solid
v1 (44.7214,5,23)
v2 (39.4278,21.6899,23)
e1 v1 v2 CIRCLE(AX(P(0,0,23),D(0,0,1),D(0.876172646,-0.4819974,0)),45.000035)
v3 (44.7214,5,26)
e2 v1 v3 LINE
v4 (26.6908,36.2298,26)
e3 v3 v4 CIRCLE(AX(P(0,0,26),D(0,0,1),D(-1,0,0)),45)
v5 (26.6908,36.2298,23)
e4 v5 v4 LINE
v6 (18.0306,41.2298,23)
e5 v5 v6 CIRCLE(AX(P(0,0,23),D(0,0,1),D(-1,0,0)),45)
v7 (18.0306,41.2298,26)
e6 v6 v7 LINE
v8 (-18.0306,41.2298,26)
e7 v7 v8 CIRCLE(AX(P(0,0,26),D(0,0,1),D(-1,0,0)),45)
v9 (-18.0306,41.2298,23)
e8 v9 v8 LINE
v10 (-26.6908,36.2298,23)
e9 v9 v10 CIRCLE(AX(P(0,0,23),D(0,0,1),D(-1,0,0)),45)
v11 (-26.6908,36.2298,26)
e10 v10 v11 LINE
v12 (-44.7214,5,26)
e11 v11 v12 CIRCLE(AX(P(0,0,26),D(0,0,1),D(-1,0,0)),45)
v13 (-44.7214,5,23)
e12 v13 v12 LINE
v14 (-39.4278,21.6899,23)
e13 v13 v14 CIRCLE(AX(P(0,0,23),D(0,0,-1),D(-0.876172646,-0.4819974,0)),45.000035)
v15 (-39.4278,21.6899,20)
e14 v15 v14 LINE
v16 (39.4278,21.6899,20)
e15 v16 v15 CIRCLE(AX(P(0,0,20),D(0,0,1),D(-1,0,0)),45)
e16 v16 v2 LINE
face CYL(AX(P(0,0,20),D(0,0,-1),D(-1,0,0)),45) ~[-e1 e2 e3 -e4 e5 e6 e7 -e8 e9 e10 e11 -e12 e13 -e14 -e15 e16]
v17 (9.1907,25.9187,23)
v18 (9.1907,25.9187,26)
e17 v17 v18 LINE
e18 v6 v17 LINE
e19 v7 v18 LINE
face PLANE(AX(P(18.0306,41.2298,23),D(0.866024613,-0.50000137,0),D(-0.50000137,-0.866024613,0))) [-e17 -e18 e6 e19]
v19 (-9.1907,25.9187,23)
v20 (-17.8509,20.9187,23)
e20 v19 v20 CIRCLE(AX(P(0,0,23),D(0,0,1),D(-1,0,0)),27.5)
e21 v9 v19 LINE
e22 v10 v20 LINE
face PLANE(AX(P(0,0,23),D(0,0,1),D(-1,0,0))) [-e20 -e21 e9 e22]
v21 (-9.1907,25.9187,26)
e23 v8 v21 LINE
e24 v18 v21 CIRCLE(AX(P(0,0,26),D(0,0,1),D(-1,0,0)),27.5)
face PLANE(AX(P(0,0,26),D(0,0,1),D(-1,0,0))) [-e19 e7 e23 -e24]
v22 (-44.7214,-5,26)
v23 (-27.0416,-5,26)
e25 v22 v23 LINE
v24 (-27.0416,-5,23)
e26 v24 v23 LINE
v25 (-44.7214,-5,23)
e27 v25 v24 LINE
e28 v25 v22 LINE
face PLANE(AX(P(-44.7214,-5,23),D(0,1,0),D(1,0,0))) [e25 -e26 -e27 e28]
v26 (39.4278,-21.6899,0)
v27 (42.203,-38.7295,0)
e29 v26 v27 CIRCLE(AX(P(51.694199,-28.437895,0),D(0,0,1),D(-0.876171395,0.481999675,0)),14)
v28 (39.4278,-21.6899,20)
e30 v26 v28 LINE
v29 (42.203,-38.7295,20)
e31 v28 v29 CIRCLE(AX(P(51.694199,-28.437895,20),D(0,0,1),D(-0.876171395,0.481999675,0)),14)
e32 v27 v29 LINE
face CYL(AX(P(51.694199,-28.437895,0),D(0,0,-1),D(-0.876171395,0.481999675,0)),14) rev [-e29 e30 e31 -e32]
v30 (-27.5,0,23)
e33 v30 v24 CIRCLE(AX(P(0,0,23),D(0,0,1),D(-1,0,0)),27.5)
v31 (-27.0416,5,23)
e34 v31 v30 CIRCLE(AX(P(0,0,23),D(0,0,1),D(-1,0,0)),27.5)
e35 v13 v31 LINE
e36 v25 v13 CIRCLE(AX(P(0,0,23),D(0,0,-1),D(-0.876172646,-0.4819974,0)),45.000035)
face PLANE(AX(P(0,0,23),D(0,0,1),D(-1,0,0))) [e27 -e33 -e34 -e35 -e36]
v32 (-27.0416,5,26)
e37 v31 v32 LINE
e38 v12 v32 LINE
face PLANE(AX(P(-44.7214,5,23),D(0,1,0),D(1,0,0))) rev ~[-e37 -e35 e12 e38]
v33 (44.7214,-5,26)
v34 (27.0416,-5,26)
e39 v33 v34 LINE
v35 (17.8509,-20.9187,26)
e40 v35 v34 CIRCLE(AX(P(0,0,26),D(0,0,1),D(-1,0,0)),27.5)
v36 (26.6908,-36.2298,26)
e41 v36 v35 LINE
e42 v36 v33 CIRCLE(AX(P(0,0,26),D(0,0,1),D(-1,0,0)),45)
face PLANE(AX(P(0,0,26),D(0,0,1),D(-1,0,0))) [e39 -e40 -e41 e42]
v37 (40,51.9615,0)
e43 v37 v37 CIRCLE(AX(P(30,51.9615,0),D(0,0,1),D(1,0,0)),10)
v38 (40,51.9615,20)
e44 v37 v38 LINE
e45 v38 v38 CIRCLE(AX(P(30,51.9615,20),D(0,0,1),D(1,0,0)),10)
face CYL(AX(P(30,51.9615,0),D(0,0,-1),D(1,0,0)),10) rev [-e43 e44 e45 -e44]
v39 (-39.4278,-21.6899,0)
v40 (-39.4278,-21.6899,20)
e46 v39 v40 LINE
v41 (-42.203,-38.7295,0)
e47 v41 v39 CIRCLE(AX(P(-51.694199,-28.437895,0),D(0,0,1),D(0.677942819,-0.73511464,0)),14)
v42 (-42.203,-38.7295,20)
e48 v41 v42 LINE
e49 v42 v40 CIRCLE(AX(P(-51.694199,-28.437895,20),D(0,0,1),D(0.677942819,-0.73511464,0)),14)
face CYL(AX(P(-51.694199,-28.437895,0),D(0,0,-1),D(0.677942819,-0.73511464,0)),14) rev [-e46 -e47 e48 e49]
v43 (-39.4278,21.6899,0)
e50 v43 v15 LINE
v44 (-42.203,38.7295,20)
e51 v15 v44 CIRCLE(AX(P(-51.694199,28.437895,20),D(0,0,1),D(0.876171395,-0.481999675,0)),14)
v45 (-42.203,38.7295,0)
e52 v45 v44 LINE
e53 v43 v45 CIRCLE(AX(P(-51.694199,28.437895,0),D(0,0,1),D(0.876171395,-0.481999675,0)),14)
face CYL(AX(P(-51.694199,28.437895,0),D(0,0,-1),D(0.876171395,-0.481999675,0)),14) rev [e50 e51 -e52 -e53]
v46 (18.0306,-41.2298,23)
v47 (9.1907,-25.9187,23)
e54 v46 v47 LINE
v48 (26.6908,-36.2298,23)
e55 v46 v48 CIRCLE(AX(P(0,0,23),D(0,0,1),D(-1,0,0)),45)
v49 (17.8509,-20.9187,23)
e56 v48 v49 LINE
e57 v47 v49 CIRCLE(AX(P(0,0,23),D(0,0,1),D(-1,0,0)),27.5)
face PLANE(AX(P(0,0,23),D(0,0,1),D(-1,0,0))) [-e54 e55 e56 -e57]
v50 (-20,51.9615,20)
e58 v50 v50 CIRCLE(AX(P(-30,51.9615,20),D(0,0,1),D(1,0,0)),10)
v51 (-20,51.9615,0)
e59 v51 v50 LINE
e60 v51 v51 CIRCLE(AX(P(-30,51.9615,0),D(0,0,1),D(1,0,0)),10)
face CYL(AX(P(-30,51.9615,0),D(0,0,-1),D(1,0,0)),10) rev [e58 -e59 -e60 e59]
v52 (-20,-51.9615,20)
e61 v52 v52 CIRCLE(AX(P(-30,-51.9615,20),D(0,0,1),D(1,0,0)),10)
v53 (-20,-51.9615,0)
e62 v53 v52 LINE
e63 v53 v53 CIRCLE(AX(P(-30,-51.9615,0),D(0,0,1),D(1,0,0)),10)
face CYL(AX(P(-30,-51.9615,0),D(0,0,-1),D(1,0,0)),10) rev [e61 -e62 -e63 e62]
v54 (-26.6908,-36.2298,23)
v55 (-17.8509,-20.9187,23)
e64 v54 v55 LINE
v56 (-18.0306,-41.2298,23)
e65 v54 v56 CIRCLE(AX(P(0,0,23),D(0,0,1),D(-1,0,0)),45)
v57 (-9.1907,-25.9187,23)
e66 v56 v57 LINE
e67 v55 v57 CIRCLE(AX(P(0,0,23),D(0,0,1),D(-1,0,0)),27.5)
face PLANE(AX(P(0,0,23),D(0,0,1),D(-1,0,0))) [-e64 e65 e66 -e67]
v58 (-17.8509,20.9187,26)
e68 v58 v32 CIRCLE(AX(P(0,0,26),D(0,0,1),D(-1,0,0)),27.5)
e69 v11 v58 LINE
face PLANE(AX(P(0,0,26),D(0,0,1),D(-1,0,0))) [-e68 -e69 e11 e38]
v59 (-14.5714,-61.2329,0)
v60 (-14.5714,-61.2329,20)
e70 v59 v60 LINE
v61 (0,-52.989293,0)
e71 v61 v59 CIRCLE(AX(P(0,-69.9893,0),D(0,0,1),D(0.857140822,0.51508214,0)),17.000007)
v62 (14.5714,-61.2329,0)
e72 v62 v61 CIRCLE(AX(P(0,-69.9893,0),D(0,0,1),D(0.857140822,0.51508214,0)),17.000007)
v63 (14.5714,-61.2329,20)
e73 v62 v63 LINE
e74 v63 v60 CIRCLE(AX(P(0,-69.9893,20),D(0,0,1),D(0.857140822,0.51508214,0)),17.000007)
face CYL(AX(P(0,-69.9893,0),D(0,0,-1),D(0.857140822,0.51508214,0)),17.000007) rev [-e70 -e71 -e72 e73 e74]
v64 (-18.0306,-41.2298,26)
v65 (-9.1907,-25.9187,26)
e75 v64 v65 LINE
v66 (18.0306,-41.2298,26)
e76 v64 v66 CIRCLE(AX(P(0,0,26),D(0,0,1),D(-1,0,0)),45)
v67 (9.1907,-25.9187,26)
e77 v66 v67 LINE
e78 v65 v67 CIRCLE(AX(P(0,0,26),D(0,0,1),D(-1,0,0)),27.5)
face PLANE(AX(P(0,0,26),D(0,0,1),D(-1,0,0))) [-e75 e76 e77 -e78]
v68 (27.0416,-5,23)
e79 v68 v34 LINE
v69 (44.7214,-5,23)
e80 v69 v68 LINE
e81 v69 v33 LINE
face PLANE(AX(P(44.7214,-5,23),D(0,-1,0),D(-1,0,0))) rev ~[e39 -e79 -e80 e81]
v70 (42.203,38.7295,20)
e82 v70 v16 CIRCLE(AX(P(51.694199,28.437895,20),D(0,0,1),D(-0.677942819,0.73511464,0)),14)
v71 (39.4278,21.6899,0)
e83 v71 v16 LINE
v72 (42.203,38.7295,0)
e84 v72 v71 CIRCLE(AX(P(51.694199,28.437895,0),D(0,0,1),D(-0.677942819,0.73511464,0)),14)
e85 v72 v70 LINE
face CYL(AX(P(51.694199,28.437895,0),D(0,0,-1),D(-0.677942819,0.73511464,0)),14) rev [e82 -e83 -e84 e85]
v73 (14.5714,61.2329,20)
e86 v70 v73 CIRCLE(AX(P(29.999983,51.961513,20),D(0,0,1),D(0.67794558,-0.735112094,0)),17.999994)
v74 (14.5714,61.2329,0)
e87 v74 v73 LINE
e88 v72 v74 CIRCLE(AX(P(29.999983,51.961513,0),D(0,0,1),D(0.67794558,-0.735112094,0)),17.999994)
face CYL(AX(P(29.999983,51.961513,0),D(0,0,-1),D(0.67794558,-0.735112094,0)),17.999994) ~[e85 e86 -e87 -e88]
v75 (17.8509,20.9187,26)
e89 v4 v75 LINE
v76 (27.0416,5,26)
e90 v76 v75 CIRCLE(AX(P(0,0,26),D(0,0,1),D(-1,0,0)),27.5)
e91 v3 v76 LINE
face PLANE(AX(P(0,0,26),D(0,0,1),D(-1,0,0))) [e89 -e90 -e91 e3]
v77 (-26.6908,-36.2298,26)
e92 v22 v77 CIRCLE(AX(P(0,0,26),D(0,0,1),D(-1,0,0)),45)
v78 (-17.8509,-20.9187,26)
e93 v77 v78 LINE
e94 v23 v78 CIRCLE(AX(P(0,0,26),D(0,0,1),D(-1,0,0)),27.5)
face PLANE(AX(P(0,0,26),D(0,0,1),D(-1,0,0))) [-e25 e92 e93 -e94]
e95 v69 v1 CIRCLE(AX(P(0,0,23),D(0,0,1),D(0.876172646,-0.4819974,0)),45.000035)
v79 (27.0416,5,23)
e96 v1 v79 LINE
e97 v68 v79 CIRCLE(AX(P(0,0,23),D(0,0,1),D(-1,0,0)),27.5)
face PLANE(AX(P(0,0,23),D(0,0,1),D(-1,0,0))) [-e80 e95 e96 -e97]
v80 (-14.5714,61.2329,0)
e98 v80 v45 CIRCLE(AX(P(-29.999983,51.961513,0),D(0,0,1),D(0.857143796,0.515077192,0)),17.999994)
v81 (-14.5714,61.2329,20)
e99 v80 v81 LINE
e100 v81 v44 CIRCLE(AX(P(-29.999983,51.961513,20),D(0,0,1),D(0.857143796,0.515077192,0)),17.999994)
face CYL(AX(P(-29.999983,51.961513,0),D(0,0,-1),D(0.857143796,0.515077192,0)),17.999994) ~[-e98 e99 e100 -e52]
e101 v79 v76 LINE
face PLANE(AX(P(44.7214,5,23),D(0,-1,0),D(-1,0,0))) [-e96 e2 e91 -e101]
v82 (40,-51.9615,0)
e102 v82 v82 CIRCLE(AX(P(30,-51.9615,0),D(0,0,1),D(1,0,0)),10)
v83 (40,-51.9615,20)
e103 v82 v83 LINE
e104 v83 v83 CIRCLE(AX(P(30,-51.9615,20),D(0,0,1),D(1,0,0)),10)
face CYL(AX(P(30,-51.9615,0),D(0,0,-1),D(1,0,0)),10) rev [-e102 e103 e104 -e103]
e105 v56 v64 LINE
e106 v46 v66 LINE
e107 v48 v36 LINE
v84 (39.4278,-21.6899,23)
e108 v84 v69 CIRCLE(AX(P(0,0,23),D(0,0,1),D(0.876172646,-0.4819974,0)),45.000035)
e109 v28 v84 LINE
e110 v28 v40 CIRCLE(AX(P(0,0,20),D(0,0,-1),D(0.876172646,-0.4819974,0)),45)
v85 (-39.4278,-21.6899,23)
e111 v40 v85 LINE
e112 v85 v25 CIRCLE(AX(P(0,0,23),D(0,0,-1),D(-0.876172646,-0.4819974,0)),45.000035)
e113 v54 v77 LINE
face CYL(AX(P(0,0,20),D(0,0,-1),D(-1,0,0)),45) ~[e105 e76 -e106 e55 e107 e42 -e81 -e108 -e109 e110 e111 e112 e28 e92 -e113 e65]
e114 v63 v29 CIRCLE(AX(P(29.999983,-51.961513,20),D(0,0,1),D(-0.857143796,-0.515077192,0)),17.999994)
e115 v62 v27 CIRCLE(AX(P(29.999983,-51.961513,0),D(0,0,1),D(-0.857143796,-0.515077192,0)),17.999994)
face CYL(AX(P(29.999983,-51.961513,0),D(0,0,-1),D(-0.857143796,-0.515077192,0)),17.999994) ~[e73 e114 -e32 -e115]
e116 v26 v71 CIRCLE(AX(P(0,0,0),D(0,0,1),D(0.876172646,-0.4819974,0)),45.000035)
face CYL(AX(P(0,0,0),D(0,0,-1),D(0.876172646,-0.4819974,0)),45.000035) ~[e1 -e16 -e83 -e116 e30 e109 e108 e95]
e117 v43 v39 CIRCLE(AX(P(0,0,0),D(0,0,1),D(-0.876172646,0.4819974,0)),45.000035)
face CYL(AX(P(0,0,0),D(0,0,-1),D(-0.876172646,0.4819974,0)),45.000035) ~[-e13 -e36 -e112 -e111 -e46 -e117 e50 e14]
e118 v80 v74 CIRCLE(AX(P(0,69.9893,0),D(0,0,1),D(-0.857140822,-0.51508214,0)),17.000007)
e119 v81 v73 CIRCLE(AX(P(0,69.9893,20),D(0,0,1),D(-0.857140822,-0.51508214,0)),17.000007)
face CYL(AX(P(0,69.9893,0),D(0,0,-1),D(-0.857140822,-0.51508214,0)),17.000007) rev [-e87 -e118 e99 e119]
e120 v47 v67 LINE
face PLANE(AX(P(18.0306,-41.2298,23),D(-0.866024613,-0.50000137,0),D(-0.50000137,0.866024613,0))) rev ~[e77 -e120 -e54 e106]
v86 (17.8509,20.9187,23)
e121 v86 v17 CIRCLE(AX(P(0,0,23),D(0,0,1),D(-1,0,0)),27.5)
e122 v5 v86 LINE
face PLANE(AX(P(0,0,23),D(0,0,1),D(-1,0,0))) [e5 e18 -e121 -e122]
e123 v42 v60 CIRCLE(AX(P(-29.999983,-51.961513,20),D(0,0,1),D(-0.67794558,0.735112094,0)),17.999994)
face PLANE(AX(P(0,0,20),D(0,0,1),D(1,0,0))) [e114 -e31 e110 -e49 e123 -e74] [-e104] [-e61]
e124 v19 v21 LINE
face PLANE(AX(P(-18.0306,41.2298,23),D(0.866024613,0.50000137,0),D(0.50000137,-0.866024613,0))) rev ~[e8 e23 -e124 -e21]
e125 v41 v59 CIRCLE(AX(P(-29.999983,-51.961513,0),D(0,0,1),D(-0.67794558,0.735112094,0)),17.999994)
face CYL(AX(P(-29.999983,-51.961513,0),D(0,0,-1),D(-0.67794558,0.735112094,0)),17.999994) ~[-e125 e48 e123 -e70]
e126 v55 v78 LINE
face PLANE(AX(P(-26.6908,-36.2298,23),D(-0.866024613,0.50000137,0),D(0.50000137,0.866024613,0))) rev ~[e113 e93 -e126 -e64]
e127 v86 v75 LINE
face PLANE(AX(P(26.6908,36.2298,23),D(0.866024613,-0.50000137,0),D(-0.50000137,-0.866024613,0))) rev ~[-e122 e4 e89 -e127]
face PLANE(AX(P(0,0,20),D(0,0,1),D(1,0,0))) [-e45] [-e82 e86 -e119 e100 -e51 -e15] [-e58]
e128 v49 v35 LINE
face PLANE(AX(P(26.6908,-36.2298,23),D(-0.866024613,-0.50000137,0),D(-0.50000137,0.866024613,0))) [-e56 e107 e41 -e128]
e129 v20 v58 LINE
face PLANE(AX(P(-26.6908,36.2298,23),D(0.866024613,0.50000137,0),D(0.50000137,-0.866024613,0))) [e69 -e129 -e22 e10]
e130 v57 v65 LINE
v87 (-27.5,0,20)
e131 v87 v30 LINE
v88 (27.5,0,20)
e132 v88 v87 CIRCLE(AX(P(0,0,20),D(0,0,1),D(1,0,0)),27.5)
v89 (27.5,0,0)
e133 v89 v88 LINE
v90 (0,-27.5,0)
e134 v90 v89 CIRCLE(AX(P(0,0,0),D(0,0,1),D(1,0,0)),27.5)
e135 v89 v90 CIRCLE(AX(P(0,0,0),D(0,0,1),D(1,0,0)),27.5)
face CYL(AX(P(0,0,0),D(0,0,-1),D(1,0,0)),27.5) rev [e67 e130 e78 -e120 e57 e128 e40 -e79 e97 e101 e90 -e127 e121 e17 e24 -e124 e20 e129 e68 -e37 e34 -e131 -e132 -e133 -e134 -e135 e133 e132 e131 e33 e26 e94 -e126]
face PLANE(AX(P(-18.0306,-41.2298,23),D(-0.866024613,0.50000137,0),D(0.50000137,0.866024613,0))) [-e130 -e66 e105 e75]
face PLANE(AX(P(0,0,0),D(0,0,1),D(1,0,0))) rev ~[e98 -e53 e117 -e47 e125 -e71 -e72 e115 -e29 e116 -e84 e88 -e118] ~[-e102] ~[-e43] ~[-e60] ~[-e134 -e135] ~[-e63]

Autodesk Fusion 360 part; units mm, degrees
sketch "Sketch1" plane through (0, 0, 0) normal (0, 0, 1) x (1, 0, 0)
  circle A0 centre (0, 0) radius 27.5
  circle A1 centre (30, -51.9615) radius 10
  line L0 (0, 0) -> (0, -67.6601)
  line L1 (0, 0) -> (30, -51.9615) construction
  line L2 (0, 0) -> (10.1597, -17.5971) construction
  line L3 (0, 0) -> (20.3193, 0) construction
  arc A2 (39.4278, -21.6899) -> (42.203, -38.7295) centre (51.6942, -28.4379) ccw
  arc A3 (14.5714, -61.2329) -> (42.203, -38.7295) centre (30, -51.9615) ccw
  circle A4 centre (-30, -51.9615) radius 10
  arc A5 (-42.203, -38.7295) -> (-39.4278, -21.6899) centre (-51.6942, -28.4379) ccw
  arc A6 (14.5714, -61.2329) -> (-14.5714, -61.2329) centre (0, -69.9893) ccw
  arc A7 (-42.203, -38.7295) -> (-14.5714, -61.2329) centre (-30, -51.9615) ccw
  arc A8 (-14.5714, 61.2329) -> (-42.203, 38.7295) centre (-30, 51.9615) ccw
  arc A9 (-39.4278, 21.6899) -> (-42.203, 38.7295) centre (-51.6942, 28.4379) ccw
  circle A10 centre (-30, 51.9615) radius 10
  arc A11 (-14.5714, 61.2329) -> (14.5714, 61.2329) centre (0, 69.9893) ccw
  arc A12 (42.203, 38.7295) -> (14.5714, 61.2329) centre (30, 51.9615) ccw
  circle A13 centre (30, 51.9615) radius 10
  arc A14 (42.203, 38.7295) -> (39.4278, 21.6899) centre (51.6942, 28.4379) ccw
  arc A15 (39.4278, -21.6899) -> (39.4278, 21.6899) centre (0, 0) ccw
  arc A16 (-39.4278, 21.6899) -> (-39.4278, -21.6899) centre (0, 0) ccw
  dimension "d1" = 55
  dimension "d2" = 90
  dimension "d4" = 20
  dimension "d5" = 36
  dimension "d6" = 28
  dimension "d7" = 60
  dimension "d8" = 34
extrude "Extrude1" add sketch "Sketch1" along normal blind 20
sketch "Sketch2" plane through (0, 0, 20) normal (0, 0, 1) x (-1, 0, 0)
  circle A0 centre (30, 51.9615) radius 10
  circle A1 centre (30, -51.9615) radius 10
  circle A2 centre (-30, -51.9615) radius 10
  circle A3 centre (-30, 51.9615) radius 10
  circle A4 centre (0, 0) radius 27.5
  arc A5 (14.5714, -61.2329) -> (42.203, -38.7295) centre (30, -51.9615) ccw
  arc A6 (39.4278, -21.6899) -> (42.203, -38.7295) centre (51.6942, -28.4379) ccw
  arc A7 (39.4278, -21.6899) -> (39.4278, 21.6899) centre (0, 0) ccw
  arc A8 (42.203, 38.7295) -> (39.4278, 21.6899) centre (51.6942, 28.4379) ccw
  arc A9 (42.203, 38.7295) -> (14.5714, 61.2329) centre (30, 51.9615) ccw
  arc A10 (-14.5714, 61.2329) -> (14.5714, 61.2329) centre (0, 69.9893) ccw
  arc A11 (-14.5714, 61.2329) -> (-42.203, 38.7295) centre (-30, 51.9615) ccw
  arc A12 (-39.4278, 21.6899) -> (-42.203, 38.7295) centre (-51.6942, 28.4379) ccw
  arc A13 (-39.4278, 21.6899) -> (-39.4278, -21.6899) centre (0, 0) ccw
  arc A14 (-42.203, -38.7295) -> (-39.4278, -21.6899) centre (-51.6942, -28.4379) ccw
  arc A15 (-42.203, -38.7295) -> (-14.5714, -61.2329) centre (-30, -51.9615) ccw
  arc A16 (14.5714, -61.2329) -> (-14.5714, -61.2329) centre (0, -69.9893) ccw
  circle A17 centre (0, 0) radius 27.5
  circle A18 centre (0, 0) radius 45
extrude "Extrude2" add sketch "Sketch2" along normal blind 3 contours A7 A13 A18
sketch "Sketch3" plane through (0, 0, 23) normal (0, 0, 1) x (-1, 0, 0)
  circle A0 centre (0, 0) radius 27.5
  circle A1 centre (0, 0) radius 45
  line L0 (0, 0) -> (45, 0) construction
  line L1 (45, 0) -> (45, -1)
  line L2 (44.7214, -5) -> (27.0416, -5)
  line L3 (44.7214, 5) -> (27.0416, 5)
  line L4 (26.6908, 36.2298) -> (17.8509, 20.9187)
  line L5 (18.0306, 41.2298) -> (9.1907, 25.9187)
  line L6 (-18.0306, 41.2298) -> (-9.1907, 25.9187)
  line L7 (-26.6908, 36.2298) -> (-17.8509, 20.9187)
  line L8 (-44.7214, 5) -> (-27.0416, 5)
  line L9 (-44.7214, -5) -> (-27.0416, -5)
  line L10 (-26.6908, -36.2298) -> (-17.8509, -20.9187)
  line L11 (-18.0306, -41.2298) -> (-9.1907, -25.9187)
  line L12 (18.0306, -41.2298) -> (9.1907, -25.9187)
  line L13 (26.6908, -36.2298) -> (17.8509, -20.9187)
  arc A2 (-9.1907, -25.9187) -> (9.1907, -25.9187) centre (0, 0) ccw
  arc A3 (-18.0306, -41.2298) -> (18.0306, -41.2298) centre (0, 0) ccw
  arc A4 (-44.7214, -5) -> (-26.6908, -36.2298) centre (0, 0) ccw
  arc A5 (-27.0416, -5) -> (-17.8509, -20.9187) centre (0, 0) ccw
  arc A6 (17.8509, -20.9187) -> (27.0416, -5) centre (0, 0) ccw
  arc A7 (26.6908, -36.2298) -> (44.7214, -5) centre (0, 0) ccw
  arc A8 (27.0416, 5) -> (17.8509, 20.9187) centre (0, 0) ccw
  arc A9 (9.1907, 25.9187) -> (-9.1907, 25.9187) centre (0, 0) ccw
  arc A10 (-17.8509, 20.9187) -> (-27.0416, 5) centre (0, 0) ccw
  arc A11 (-26.6908, 36.2298) -> (-44.7214, 5) centre (0, 0) ccw
  arc A12 (44.7214, 5) -> (26.6908, 36.2298) centre (0, 0) ccw
  arc A13 (18.0306, 41.2298) -> (-18.0306, 41.2298) centre (0, 0) ccw
  dimension "d15" = 360
extrude "Extrude3" add sketch "Sketch3" along normal blind 3 contours A0 A1 L3 L4 A8 A12 | A0 A1 L2 L13 A6 A7 | A0 A1 L5 L6 A9 A13 | A0 A1 L11 L12 A2 A3 | A0 A1 L7 L8 A10 A11 | A0 A1 L9 L10 A4 A5
